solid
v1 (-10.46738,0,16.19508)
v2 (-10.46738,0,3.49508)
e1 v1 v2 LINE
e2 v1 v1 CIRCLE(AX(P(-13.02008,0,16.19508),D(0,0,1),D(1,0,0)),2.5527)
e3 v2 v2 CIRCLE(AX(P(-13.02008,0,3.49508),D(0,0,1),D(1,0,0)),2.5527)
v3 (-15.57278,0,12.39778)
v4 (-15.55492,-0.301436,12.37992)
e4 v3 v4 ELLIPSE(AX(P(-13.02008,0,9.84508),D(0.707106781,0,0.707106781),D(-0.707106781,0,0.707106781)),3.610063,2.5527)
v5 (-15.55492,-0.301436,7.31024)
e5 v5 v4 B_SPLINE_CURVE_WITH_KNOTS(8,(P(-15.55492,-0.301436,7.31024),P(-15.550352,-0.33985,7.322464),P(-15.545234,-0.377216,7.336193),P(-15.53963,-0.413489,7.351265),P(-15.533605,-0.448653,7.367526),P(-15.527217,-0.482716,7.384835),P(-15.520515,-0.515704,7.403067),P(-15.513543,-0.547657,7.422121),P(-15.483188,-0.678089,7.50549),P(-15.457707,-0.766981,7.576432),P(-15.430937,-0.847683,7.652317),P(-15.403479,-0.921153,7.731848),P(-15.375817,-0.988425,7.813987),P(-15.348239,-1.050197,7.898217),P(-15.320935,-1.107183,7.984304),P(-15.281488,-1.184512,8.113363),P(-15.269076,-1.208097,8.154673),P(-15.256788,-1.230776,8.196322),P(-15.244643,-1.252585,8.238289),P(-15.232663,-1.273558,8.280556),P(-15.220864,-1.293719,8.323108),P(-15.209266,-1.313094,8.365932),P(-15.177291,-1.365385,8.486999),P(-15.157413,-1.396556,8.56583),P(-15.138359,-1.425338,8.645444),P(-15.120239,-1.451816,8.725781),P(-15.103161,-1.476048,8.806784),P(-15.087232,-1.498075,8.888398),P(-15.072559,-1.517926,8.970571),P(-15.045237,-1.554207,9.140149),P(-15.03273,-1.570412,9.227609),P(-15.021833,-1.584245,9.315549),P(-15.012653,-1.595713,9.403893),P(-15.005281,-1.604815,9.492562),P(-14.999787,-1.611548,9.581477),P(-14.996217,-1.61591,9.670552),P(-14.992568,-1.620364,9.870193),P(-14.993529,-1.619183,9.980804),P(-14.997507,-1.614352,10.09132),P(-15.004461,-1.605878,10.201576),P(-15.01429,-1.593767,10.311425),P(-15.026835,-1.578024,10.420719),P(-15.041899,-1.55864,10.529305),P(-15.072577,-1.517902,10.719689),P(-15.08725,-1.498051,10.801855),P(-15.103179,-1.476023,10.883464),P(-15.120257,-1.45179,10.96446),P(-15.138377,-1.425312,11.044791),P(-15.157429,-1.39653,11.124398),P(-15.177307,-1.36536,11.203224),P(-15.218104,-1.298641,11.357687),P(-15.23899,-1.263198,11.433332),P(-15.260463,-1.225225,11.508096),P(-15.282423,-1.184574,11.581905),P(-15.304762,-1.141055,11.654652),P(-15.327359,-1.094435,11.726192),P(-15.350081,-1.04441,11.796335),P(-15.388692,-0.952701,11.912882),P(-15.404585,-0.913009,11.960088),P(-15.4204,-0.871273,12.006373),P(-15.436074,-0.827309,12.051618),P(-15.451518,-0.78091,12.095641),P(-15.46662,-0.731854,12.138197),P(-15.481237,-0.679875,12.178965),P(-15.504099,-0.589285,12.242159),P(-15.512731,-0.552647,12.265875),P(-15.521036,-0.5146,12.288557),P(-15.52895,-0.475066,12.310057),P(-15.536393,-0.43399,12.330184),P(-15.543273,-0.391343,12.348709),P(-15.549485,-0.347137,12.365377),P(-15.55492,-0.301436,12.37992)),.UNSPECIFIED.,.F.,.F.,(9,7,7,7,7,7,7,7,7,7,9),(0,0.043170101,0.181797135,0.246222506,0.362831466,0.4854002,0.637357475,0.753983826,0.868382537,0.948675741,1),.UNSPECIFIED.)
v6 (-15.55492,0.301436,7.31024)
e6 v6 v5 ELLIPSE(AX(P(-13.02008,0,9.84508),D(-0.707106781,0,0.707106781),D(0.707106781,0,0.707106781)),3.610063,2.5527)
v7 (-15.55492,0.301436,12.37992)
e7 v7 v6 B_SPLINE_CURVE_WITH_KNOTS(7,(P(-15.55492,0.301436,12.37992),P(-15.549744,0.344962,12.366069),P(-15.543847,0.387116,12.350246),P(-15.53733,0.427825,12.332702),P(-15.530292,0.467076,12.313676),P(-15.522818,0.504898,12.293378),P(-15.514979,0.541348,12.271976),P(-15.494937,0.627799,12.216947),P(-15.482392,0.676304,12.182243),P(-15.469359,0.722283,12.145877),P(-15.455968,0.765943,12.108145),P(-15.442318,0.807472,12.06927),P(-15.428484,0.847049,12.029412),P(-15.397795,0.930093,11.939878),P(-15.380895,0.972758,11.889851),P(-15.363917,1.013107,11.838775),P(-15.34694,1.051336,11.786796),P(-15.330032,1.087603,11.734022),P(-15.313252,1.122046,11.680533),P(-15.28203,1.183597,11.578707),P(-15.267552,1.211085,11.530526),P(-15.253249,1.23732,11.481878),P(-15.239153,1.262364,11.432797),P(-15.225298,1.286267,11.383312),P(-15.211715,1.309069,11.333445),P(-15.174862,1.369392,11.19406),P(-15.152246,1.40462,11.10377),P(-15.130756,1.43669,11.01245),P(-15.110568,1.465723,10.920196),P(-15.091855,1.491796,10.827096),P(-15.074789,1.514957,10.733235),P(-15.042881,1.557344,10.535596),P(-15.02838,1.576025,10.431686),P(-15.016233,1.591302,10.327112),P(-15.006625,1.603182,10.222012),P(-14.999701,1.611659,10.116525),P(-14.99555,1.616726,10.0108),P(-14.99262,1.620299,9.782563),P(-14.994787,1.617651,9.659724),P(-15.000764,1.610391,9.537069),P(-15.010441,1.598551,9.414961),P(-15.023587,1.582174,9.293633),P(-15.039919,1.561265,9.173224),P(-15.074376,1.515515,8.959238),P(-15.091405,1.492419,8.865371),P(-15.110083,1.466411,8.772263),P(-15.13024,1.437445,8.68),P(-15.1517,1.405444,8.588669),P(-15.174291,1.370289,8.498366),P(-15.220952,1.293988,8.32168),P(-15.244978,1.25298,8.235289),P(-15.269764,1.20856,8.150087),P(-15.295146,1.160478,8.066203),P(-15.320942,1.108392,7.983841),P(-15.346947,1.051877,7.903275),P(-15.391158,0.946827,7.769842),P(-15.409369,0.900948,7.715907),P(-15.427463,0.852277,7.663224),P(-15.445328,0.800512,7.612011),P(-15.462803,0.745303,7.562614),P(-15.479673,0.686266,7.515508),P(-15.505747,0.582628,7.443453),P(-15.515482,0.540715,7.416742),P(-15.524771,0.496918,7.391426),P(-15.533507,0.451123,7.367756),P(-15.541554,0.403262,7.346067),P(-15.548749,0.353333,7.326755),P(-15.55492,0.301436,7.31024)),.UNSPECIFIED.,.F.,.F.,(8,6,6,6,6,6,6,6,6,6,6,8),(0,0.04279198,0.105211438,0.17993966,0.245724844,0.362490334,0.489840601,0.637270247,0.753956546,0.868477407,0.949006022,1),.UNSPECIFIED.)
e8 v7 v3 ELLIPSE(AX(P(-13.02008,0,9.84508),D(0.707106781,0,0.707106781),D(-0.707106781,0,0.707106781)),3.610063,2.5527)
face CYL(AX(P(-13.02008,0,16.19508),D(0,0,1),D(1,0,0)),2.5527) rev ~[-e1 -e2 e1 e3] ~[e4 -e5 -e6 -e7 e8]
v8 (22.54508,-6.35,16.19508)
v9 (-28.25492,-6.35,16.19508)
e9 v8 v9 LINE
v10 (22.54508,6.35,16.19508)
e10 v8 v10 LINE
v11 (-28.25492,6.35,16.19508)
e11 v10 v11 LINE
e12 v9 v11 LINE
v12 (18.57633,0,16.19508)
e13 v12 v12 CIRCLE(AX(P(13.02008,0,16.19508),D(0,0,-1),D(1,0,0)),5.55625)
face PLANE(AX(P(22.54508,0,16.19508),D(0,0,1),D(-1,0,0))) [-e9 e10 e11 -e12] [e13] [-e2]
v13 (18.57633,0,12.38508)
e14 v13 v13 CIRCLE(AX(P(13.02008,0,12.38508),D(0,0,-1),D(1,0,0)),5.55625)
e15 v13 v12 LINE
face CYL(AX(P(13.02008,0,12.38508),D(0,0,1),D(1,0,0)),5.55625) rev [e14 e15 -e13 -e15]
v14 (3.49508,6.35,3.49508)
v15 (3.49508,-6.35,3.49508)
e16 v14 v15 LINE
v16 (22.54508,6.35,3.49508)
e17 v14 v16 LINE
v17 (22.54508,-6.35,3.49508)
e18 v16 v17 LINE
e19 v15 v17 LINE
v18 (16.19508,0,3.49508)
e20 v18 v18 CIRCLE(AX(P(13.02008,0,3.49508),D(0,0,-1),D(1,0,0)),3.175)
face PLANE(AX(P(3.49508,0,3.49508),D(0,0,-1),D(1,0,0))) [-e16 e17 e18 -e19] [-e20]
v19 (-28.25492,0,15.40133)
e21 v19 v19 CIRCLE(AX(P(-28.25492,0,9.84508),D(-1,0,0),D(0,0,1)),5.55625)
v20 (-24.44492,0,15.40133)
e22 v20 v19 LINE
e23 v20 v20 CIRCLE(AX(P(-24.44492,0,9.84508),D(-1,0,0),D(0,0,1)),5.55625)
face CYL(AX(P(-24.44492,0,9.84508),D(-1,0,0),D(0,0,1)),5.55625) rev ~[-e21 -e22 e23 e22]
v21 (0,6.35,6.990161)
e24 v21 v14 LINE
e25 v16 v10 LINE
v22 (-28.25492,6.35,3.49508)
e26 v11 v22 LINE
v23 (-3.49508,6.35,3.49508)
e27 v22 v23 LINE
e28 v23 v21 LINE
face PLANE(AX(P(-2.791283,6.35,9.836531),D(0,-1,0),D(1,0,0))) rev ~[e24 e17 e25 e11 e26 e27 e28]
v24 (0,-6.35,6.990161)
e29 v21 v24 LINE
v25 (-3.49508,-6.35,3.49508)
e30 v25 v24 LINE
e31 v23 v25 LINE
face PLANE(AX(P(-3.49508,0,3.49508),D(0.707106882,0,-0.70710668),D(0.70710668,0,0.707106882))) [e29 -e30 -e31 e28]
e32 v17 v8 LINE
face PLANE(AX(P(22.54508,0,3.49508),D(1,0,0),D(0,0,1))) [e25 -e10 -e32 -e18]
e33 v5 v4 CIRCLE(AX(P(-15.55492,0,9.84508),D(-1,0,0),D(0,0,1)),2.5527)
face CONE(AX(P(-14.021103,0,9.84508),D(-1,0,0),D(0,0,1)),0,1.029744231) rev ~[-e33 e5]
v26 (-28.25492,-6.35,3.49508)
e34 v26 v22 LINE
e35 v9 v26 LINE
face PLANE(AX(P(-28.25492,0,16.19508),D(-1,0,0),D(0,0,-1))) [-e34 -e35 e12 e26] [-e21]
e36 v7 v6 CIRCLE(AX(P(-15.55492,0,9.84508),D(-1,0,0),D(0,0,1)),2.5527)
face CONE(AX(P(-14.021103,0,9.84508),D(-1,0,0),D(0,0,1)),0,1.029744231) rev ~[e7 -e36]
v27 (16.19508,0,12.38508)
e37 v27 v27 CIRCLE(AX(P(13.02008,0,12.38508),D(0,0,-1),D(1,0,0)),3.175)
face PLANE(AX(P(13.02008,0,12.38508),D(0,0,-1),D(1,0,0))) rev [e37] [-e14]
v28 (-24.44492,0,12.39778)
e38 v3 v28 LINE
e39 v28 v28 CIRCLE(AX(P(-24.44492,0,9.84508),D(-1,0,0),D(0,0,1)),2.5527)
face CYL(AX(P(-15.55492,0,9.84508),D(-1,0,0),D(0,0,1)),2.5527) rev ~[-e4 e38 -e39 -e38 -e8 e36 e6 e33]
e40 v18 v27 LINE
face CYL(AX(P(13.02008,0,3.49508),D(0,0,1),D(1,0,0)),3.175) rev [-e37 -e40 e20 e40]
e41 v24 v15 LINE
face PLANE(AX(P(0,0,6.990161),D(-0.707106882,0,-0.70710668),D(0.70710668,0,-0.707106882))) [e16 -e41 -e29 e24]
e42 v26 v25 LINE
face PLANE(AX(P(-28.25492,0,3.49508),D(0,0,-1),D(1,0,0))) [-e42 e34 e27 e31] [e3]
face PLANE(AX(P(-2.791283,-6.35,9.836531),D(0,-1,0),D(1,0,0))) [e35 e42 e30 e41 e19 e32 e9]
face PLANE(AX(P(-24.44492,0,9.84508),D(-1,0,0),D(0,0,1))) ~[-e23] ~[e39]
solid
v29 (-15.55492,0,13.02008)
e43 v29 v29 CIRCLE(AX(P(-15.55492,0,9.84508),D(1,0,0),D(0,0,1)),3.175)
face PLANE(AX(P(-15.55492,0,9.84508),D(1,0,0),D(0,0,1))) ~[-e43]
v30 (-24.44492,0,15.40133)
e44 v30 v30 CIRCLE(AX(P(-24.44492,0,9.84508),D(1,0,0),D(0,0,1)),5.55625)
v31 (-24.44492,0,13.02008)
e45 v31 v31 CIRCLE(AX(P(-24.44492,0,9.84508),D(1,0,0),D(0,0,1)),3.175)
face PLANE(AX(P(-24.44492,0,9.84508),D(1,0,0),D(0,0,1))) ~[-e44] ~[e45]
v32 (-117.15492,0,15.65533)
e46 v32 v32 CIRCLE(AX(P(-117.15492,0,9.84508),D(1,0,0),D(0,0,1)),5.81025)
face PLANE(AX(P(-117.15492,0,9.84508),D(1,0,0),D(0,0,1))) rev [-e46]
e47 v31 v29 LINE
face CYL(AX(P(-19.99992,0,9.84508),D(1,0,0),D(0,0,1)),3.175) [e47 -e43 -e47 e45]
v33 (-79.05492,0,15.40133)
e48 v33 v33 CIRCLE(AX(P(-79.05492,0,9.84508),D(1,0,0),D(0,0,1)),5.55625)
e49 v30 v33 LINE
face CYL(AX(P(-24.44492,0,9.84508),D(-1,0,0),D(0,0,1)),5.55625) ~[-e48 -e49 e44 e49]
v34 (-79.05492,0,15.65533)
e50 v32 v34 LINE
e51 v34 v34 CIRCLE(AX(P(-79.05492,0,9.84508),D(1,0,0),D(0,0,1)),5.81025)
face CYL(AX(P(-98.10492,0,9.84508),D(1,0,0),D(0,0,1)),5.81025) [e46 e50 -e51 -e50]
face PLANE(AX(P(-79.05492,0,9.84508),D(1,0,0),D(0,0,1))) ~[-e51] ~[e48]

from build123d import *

# Parameters (mm, degrees)
F1_DEPTH = 6.35
F2_R     = 2.5527
F5_DEPTH = 12.701
F8_W     = 8.89
F8_H     = 3.175
F10_W    = 38.1
F10_H    = 0.254


with BuildPart() as f1:
    # F0 (on Front) → F1 (new body, symmetric)
    with BuildSketch(Plane.XZ):
        Polygon((-28.25492, 3.49508), (-3.49508, 3.49508), (0, 6.990161), (3.49508, 3.49508), (22.54508, 3.49508), (22.54508, 16.19508), (-28.25492, 16.19508), align=None)
    extrude(amount=F1_DEPTH, both=True)

    # F3 (on Front) → F4 (revolve, cut)
    with BuildSketch(Plane.XZ):
        Polygon((18.57633, 16.19508), (13.02008, 16.19508), (13.02008, 3.49508), (16.19508, 3.49508), (16.19508, 12.38508), (18.57633, 12.38508), align=None)
    revolve(axis=Axis((13.02008, 0, 9.84508), (0, 0, -1)), mode=Mode.SUBTRACT)

    # F2 (on face) → F5 (cut, through all)
    with BuildSketch(Plane.XY.offset(16.19508)):
        with Locations((-13.02008, 0)):
            Circle(F2_R)
    extrude(amount=-F5_DEPTH, mode=Mode.SUBTRACT)

    # F6 (on Front) → F7 (revolve, cut)
    with BuildSketch(Plane.XZ):
        Polygon((-15.55492, 12.39778), (-24.44492, 12.39778), (-24.44492, 15.40133), (-28.25492, 15.40133), (-28.25492, 9.84508), (-14.021103, 9.84508), align=None)
    revolve(axis=Axis((-21.138011, 0, 9.84508), (-1, 0, 0)), mode=Mode.SUBTRACT)


with BuildPart() as f9:
    # F8 (on Front) → F9 (revolve)
    with BuildSketch(Plane.XZ):
        with Locations((-19.99992, 11.43258)):
            Rectangle(F8_W, F8_H)
        Polygon((-117.15492, 9.84508), (-24.44492, 9.84508), (-24.44492, 13.02008), (-24.44492, 15.40133), (-117.15492, 15.40133), align=None)
    revolve(axis=Axis((-66.35492, 0, 9.84508), (1, 0, 0)))

    # F10 (on Front) → F11 (revolve)
    with BuildSketch(Plane.XZ):
        with Locations((-98.10492, 15.52833)):
            Rectangle(F10_W, F10_H)
    revolve(axis=Axis((-72.70492, 0, 9.84508), (1, 0, 0)))


solid = Compound([f1.part, f9.part])
